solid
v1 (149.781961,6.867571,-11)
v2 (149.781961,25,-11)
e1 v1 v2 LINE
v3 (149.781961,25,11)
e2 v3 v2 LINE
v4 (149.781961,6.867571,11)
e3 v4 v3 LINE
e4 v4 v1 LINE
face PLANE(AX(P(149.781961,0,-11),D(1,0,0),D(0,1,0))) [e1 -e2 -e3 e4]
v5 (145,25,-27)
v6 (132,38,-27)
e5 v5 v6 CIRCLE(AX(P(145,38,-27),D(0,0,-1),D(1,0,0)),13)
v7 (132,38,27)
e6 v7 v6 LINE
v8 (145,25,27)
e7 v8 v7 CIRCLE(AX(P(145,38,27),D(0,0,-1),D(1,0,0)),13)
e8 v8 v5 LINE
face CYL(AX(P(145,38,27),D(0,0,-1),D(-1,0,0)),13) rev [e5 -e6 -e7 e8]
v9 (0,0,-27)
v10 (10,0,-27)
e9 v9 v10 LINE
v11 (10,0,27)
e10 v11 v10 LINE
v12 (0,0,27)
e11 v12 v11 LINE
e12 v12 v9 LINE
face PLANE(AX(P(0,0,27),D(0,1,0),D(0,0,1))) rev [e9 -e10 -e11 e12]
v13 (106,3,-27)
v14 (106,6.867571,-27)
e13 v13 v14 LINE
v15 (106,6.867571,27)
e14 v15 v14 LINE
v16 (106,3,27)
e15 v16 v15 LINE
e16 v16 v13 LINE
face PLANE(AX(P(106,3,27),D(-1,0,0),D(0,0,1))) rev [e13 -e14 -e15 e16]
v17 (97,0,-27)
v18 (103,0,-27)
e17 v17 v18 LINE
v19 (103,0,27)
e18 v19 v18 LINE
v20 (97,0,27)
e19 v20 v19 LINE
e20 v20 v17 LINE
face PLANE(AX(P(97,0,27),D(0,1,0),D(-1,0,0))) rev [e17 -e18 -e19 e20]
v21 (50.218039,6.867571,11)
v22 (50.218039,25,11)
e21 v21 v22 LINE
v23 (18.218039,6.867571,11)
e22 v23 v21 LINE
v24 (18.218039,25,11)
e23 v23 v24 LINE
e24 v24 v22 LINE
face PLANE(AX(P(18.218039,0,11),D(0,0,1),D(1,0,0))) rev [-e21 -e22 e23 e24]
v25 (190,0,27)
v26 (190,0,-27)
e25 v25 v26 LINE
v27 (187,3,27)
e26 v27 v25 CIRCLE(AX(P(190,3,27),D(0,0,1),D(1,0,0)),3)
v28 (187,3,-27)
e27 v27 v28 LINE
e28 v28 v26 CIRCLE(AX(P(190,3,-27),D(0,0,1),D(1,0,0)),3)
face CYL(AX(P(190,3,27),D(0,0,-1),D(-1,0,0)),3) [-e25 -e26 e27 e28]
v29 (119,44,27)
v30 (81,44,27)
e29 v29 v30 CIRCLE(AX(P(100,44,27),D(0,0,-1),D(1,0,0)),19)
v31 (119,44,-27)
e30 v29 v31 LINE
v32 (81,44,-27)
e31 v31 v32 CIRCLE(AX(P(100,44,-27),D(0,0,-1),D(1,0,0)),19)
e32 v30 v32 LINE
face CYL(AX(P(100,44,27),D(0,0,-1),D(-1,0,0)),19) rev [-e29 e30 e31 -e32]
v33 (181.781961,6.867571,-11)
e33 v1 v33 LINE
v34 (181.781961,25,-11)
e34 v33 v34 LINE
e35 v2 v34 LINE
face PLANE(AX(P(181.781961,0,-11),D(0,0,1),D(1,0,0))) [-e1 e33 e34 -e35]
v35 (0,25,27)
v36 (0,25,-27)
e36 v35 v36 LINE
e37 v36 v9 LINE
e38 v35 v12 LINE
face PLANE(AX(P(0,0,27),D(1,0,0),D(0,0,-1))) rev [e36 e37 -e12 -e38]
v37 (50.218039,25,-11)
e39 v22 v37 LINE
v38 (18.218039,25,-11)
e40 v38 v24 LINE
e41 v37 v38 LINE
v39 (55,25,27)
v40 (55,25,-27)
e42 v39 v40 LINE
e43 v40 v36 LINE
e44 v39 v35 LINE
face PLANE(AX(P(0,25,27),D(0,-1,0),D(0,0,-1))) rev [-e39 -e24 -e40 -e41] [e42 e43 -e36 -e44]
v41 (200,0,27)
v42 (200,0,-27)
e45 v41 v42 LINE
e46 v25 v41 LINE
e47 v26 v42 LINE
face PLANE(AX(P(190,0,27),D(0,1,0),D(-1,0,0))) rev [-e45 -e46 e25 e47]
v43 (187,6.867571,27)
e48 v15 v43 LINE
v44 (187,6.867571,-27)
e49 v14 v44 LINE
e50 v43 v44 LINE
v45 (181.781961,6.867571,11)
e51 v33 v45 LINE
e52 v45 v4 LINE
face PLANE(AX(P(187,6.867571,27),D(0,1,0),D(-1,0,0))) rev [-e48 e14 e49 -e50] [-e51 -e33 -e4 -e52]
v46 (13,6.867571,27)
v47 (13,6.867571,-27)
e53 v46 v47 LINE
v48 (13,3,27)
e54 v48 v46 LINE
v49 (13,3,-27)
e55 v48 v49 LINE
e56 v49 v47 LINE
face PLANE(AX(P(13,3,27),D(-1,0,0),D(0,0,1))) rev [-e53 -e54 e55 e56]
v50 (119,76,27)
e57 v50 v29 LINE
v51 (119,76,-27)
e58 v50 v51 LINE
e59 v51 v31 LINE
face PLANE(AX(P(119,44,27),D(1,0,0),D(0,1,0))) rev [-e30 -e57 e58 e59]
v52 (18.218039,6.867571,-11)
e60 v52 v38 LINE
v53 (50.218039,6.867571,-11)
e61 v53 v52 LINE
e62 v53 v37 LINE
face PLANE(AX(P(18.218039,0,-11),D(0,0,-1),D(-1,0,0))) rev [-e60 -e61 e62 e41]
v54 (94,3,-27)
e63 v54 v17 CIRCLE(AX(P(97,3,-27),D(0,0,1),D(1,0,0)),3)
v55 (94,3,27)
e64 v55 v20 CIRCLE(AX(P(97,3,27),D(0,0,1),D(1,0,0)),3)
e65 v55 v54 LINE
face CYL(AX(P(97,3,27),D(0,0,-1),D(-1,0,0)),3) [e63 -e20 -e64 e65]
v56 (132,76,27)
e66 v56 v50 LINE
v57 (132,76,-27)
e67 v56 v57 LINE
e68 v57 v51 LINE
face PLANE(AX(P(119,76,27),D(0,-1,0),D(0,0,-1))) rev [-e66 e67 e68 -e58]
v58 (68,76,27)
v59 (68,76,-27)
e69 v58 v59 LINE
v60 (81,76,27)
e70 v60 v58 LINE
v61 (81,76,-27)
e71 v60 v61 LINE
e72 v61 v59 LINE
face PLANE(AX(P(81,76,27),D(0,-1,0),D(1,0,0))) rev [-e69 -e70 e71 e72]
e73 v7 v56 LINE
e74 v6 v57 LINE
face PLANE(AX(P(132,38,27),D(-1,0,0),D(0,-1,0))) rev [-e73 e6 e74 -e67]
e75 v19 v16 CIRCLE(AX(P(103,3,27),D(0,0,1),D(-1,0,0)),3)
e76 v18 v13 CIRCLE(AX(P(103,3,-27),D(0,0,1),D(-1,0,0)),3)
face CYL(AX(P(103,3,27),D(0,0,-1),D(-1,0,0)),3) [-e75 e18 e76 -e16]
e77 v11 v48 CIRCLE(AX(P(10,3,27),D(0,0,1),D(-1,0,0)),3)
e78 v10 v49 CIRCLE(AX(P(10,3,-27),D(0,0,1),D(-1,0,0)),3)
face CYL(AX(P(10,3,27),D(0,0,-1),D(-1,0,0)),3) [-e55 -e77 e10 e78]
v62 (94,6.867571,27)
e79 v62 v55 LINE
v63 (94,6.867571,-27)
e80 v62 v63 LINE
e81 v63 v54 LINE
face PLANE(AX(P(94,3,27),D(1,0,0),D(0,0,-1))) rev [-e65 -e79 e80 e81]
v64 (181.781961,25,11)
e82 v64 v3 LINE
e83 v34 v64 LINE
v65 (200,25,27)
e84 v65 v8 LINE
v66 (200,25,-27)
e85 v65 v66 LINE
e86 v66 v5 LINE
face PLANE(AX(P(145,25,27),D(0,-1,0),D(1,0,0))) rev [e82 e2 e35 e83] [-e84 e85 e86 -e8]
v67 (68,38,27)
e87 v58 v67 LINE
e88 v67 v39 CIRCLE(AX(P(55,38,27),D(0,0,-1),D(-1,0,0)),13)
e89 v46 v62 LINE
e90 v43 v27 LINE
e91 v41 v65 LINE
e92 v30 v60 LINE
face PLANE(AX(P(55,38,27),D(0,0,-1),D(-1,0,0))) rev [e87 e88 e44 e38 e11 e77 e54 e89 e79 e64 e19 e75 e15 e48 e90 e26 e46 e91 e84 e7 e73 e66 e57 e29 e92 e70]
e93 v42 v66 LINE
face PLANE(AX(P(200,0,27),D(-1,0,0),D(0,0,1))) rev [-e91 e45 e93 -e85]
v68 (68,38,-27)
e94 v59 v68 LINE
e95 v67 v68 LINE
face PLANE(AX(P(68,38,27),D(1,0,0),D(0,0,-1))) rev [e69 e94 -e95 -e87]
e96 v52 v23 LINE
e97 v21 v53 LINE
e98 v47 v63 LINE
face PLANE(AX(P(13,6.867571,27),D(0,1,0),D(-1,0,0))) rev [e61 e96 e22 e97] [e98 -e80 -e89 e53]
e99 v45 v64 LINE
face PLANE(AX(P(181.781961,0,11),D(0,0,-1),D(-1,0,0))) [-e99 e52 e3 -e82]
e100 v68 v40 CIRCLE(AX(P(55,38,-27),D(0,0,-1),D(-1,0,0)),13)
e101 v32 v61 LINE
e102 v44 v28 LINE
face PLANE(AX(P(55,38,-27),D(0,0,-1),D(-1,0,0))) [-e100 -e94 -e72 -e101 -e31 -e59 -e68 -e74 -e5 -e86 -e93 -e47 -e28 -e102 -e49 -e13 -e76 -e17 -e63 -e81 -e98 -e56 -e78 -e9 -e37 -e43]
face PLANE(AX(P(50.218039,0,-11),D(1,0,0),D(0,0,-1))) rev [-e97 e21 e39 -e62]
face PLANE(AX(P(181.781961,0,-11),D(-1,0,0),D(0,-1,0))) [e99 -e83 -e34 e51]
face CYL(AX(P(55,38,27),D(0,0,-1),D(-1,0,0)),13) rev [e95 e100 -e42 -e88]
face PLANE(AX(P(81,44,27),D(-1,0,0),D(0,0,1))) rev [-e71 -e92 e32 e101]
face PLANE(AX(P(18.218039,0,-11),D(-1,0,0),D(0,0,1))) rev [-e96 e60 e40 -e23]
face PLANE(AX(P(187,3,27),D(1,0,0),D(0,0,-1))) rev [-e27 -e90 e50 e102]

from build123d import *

# Parameters (mm, degrees)
BOSS_EXTRUDE1_DEPTH = 27
SKETCH2_W           = 32
SKETCH2_H           = 22
CUT_EXTRUDE1_DEPTH  = 209.158593385


with BuildPart() as part:
    # Sketch1 → Boss-Extrude1 (new, symmetric)
    with BuildSketch(Plane.XY):
        with BuildLine():
            Line((0, 0), (10, 0))
            ThreePointArc((10, 0), (12.121320344, 0.878679656), (13, 3))
            Line((13, 3), (13, 6.867571163))
            Line((13, 6.867571163), (94, 6.867571163))
            Line((94, 6.867571163), (94, 3))
            ThreePointArc((94, 3), (94.878679656, 0.878679656), (97, 0))
            Line((97, 0), (103, 0))
            ThreePointArc((103, 0), (105.121320344, 0.878679656), (106, 3))
            Line((106, 3), (106, 6.867571163))
            Line((106, 6.867571163), (187, 6.867571163))
            Line((187, 6.867571163), (187, 3))
            ThreePointArc((187, 3), (187.878679656, 0.878679656), (190, 0))
            Line((190, 0), (200, 0))
            Line((200, 0), (200, 25))
            Line((200, 25), (145, 25))
            ThreePointArc((145, 25), (135.807611845, 28.807611845), (132, 38))
            Line((132, 38), (132, 76))
            Line((132, 76), (119, 76))
            Line((119, 76), (119, 44))
            ThreePointArc((119, 44), (100, 25), (81, 44))
            Line((81, 44), (81, 76))
            Line((81, 76), (68, 76))
            Line((68, 76), (68, 38))
            ThreePointArc((68, 38), (64.192388155, 28.807611845), (55, 25))
            Line((55, 25), (0, 25))
            Line((0, 25), (0, 0))
        make_face()
    extrude(amount=BOSS_EXTRUDE1_DEPTH, both=True)

    # Sketch2 → Cut-Extrude1 (cut, through all)
    with BuildSketch(Plane(origin=(0, 25, 0), x_dir=(1, 0, 0), z_dir=(0, 1, 0))):
        with Locations((34.218039328, 0)):
            Rectangle(SKETCH2_W, SKETCH2_H)
    cut_extrude1 = extrude(amount=-CUT_EXTRUDE1_DEPTH, mode=Mode.SUBTRACT)

    # Mirror1: Cut-Extrude1 across plane
    add(cut_extrude1.mirror(Plane(origin=(100, 0, 0), x_dir=(0, 0, 1), z_dir=(1, 0, 0))), mode=Mode.SUBTRACT)


solid = part.part
